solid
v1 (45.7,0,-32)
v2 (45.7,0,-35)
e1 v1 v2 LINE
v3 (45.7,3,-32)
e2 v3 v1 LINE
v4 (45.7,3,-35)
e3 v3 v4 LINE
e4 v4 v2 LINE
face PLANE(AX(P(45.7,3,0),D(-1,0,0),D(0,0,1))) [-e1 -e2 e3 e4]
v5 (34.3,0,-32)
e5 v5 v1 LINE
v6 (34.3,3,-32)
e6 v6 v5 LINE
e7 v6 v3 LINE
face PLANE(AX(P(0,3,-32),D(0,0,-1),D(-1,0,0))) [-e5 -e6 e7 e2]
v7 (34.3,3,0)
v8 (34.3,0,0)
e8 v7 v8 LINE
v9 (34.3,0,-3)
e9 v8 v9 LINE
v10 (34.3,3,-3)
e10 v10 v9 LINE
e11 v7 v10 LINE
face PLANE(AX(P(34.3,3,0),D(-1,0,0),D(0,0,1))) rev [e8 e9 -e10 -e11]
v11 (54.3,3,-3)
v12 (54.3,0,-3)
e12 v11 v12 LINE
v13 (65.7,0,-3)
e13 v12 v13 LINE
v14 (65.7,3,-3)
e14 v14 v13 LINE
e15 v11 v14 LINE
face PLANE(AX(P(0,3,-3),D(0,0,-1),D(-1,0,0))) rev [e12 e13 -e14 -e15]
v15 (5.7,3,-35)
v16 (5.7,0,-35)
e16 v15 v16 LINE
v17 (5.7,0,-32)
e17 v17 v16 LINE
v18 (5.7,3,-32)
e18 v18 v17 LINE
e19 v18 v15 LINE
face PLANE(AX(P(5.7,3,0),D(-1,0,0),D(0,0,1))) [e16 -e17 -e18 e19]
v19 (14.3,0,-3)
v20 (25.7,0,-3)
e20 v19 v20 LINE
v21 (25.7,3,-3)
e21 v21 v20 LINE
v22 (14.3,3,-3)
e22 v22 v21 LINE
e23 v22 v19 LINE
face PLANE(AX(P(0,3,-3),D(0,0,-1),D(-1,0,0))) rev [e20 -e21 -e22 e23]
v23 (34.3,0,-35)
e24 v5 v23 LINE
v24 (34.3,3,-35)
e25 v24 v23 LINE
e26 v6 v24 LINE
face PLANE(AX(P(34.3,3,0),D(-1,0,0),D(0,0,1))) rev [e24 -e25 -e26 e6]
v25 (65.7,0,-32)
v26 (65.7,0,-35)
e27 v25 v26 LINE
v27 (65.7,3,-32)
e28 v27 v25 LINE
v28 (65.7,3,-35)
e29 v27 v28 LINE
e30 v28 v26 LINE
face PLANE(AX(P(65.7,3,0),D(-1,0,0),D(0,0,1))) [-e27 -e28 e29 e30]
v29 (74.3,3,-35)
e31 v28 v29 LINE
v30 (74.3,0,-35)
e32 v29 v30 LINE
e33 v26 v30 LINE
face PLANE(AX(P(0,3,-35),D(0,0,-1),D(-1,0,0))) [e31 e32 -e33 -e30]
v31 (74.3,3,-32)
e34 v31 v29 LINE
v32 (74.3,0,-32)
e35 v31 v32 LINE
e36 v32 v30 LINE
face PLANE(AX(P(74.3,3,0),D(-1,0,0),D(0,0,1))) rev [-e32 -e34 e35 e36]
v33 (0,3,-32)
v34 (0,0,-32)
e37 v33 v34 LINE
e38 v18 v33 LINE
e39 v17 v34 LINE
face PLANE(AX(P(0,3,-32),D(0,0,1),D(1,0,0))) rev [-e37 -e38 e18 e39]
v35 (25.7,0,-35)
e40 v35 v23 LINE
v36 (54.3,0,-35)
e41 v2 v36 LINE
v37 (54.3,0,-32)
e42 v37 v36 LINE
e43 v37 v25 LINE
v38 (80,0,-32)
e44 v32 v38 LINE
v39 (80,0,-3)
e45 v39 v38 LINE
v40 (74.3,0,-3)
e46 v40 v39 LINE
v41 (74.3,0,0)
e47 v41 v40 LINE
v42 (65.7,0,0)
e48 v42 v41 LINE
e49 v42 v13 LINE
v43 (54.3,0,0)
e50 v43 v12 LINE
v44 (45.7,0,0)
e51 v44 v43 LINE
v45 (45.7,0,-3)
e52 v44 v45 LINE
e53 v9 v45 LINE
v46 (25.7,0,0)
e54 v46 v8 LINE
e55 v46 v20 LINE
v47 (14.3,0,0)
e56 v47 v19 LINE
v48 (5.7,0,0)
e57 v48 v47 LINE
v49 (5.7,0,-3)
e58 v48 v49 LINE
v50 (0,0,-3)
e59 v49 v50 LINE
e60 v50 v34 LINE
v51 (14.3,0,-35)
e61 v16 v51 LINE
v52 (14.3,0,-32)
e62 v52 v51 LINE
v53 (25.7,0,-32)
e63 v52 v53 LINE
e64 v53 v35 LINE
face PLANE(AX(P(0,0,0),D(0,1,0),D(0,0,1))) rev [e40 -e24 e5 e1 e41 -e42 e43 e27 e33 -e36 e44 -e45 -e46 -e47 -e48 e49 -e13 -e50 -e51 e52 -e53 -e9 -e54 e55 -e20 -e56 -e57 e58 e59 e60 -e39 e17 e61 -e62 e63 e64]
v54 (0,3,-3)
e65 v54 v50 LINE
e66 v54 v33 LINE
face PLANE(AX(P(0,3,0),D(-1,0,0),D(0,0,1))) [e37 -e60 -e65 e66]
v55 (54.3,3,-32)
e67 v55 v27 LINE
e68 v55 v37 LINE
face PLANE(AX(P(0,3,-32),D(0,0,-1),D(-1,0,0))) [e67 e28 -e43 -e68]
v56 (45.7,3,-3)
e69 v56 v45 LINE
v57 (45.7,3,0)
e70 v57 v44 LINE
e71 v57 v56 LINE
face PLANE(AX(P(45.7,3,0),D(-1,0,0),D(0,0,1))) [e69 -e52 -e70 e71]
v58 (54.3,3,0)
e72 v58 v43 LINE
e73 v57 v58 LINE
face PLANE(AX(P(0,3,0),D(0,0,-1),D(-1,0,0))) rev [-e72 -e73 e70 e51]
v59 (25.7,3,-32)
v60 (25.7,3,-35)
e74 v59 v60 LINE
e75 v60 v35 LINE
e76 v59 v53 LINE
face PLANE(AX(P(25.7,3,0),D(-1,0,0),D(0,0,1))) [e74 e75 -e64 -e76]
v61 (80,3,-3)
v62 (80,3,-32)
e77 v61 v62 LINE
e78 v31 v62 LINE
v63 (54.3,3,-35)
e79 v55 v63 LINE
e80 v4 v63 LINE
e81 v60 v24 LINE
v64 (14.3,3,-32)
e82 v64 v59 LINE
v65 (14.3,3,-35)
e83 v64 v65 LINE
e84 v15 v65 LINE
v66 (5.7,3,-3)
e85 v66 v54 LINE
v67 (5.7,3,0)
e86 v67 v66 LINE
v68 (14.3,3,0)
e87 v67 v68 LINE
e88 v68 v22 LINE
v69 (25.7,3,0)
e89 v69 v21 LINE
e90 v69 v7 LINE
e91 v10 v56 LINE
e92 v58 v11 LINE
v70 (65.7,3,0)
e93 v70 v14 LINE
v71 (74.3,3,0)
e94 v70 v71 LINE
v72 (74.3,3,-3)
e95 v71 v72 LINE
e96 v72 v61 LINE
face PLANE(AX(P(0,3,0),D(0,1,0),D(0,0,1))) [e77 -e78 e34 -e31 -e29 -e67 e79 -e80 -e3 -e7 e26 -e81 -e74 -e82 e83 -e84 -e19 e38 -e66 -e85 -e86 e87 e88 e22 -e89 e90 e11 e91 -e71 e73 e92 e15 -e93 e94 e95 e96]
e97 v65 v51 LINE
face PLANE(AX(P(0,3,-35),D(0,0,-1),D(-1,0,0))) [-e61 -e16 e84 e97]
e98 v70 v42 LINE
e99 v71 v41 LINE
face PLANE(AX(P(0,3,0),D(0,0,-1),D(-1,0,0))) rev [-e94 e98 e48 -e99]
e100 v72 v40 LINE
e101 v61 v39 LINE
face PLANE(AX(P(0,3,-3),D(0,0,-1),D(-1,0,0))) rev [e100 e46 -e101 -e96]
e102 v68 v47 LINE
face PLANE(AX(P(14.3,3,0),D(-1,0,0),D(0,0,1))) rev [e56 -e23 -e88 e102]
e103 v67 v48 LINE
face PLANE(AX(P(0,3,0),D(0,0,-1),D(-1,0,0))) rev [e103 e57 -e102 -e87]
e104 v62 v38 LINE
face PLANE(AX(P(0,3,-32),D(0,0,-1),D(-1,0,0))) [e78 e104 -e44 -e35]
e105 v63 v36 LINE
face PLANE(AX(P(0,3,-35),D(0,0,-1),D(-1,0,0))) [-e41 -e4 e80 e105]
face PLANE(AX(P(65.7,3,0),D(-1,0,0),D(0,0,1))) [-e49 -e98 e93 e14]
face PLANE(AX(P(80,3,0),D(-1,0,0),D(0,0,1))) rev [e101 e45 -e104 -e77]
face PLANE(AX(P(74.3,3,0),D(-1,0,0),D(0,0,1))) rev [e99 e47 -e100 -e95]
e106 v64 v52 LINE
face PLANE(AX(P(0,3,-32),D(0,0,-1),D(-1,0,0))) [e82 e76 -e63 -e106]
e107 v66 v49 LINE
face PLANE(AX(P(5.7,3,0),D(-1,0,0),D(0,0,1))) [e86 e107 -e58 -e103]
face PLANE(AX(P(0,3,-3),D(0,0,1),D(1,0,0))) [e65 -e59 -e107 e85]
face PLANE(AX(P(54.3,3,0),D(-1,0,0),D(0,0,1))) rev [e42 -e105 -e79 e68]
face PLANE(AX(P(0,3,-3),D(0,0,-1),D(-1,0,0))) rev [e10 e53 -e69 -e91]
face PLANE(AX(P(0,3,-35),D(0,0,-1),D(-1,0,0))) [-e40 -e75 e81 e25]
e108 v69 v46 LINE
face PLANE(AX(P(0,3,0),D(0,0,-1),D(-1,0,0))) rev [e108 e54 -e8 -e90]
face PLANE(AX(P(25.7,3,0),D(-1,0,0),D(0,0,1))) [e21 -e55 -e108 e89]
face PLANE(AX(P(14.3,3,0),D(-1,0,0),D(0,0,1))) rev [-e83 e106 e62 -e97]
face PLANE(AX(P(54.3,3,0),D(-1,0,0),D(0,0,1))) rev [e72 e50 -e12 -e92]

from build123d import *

# Parameters (mm, degrees)
BOSS_EXTRU_1_DEPTH = 3


with BuildPart() as part:
    # Esquisse1 → Boss.-Extru.1 (new body)
    with BuildSketch(Plane(origin=(0, 0, 0), x_dir=(1, 0, 0), z_dir=(0, 1, 0))):
        Polygon((25.7, 3), (25.7, 0), (34.3, 0), (34.3, 3), (45.7, 3), (45.7, 0), (54.3, 0), (54.3, 3), (65.7, 3), (65.7, 0), (74.3, 0), (74.3, 3), (80, 3), (80, 32), (74.3, 32), (74.3, 35), (65.7, 35), (65.7, 32), (54.3, 32), (54.3, 35), (45.7, 35), (45.7, 32), (34.3, 32), (34.3, 35), (25.7, 35), (25.7, 32), (14.3, 32), (14.3, 35), (5.7, 35), (5.7, 32), (0, 32), (0, 3), (5.7, 3), (5.7, 0), (14.3, 0), (14.3, 3), align=None)
    extrude(amount=BOSS_EXTRU_1_DEPTH)


solid = part.part
